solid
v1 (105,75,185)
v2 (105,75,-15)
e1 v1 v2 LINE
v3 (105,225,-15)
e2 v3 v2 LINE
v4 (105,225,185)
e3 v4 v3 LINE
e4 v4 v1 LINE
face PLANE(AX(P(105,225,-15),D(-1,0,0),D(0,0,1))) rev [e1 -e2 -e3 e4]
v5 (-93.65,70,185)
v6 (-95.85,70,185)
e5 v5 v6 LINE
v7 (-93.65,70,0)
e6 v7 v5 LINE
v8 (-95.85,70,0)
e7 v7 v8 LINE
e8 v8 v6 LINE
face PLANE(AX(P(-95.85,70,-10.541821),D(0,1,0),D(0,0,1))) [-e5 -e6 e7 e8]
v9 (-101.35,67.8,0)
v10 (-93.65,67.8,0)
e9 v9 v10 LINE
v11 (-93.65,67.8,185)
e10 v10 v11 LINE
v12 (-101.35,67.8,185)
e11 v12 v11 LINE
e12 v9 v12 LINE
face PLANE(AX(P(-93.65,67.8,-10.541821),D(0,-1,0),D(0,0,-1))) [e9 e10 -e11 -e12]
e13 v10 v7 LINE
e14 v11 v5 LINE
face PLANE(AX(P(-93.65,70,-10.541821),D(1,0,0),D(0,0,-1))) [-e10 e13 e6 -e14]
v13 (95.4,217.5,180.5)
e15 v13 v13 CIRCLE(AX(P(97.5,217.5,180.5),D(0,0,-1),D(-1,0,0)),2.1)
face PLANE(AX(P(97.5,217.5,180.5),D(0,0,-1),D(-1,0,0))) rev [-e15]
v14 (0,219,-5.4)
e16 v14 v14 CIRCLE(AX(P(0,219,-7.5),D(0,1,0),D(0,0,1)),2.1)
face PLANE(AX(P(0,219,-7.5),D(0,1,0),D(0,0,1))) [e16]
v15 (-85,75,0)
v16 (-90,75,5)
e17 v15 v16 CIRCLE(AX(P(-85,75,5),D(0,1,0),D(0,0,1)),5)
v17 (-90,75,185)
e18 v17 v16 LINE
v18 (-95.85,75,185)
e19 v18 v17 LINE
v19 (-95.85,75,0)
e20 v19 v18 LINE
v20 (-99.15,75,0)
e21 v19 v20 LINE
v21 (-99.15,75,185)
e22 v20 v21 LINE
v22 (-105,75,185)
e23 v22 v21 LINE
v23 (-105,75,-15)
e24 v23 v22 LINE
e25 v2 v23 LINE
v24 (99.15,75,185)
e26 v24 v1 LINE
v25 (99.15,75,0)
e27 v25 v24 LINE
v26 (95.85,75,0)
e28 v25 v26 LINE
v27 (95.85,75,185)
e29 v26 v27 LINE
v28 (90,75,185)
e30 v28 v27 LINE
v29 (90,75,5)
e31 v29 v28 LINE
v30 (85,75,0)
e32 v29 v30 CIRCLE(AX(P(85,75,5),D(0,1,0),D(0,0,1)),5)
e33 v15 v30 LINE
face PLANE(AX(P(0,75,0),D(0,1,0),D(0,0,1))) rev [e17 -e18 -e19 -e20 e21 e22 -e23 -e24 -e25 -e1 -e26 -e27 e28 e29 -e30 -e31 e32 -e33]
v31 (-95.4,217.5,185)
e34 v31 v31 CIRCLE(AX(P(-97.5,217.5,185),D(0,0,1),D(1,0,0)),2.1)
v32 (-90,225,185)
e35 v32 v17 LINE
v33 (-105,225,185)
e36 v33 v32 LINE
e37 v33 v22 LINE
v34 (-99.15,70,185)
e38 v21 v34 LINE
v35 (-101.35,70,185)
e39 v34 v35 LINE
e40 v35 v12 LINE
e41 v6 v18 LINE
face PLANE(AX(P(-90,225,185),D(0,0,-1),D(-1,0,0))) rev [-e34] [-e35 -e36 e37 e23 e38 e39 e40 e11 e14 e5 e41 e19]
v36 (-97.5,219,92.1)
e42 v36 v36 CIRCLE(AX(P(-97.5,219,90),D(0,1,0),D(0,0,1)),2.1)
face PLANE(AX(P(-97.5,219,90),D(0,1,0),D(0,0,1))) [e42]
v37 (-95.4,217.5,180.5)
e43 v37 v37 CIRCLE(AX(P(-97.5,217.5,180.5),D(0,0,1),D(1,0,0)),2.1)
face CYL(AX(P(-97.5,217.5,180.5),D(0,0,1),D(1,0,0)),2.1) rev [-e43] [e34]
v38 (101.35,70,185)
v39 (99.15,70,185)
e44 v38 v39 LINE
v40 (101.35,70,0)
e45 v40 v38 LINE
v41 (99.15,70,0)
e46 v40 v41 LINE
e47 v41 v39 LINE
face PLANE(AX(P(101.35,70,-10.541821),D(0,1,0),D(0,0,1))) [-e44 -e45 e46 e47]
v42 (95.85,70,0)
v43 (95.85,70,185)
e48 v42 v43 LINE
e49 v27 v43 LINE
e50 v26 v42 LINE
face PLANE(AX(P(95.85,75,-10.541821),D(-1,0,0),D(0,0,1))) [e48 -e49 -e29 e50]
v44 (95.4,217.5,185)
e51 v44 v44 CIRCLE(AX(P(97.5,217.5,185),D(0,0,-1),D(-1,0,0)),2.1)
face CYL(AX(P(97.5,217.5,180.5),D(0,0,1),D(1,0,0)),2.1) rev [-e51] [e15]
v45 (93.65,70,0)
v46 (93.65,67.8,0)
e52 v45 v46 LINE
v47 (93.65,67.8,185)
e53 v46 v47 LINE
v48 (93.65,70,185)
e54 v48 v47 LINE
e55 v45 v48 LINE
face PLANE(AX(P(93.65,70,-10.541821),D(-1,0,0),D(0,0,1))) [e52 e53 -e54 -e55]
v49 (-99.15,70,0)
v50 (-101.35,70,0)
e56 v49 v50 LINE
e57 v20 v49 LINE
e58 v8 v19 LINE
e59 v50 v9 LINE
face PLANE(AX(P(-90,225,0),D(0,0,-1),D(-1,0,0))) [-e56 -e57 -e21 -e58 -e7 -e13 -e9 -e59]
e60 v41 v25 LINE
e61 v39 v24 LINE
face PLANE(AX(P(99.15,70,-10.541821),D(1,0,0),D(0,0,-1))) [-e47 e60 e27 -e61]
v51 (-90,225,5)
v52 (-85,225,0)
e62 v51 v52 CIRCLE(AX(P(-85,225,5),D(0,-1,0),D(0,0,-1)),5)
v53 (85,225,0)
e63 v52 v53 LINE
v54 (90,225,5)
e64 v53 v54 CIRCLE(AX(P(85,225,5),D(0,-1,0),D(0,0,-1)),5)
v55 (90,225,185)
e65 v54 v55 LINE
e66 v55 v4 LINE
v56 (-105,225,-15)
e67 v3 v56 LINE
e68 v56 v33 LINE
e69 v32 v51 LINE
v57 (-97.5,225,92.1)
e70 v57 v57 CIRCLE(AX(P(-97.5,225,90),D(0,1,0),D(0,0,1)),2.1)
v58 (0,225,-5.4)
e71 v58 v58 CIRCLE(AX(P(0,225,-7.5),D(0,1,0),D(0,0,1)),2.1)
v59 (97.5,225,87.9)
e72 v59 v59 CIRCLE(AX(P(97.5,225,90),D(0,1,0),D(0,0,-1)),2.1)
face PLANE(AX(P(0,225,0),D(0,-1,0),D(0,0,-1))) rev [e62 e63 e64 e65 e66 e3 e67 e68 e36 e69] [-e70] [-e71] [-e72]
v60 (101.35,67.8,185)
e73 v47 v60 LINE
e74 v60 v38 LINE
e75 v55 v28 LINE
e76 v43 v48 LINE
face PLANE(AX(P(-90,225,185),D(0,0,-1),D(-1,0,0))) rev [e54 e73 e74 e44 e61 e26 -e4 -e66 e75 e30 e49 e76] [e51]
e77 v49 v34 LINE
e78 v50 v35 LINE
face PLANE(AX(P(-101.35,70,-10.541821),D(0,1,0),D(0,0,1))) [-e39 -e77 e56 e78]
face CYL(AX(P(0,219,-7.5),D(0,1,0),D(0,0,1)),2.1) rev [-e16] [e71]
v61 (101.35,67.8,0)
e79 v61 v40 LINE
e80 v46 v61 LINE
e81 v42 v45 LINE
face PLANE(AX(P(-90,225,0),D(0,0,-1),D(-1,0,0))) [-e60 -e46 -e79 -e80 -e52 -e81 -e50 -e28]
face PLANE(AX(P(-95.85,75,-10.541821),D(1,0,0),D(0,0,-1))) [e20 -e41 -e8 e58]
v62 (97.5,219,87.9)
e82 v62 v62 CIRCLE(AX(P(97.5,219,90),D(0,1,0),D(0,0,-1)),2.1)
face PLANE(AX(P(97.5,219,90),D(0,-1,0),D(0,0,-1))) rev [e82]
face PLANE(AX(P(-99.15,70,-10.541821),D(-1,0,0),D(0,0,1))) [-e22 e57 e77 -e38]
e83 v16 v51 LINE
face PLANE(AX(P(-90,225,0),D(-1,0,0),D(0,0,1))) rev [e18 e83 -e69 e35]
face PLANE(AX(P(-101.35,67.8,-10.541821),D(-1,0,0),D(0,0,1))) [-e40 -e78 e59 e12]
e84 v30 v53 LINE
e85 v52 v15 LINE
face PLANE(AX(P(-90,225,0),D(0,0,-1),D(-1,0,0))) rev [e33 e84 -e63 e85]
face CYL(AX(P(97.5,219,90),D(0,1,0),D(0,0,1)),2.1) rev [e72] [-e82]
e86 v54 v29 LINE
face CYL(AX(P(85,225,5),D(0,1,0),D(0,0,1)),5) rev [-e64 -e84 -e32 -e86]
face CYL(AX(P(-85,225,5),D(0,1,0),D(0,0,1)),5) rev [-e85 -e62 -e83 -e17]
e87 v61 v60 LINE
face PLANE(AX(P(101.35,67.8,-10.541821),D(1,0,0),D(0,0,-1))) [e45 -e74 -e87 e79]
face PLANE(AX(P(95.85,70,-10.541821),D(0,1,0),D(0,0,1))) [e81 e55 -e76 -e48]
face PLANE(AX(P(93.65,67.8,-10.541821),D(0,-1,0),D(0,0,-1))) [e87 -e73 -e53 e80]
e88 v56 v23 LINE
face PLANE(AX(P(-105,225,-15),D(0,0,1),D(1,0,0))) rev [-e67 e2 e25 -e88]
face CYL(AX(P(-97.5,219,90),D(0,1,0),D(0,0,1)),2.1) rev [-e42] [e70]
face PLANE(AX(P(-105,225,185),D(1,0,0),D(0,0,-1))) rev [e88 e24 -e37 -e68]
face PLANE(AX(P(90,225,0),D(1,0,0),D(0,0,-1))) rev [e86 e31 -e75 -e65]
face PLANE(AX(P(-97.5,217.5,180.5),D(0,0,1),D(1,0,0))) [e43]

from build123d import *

# Parameters (mm, degrees)
BOSS_EXTRUDE1_DEPTH = 225
BOSS_EXTRUDE2_DEPTH = 10
SKETCH6_W           = 210
SKETCH6_H           = 200
BOSS_EXTRUDE3_DEPTH = 15
SKETCH5_R           = 2.1
CUT_EXTRUDE1_DEPTH  = 4.5
SKETCH10_W          = 210
SKETCH10_H          = 200
BOSS_EXTRUDE4_DEPTH = 40
SKETCH11_R          = 5
BOSS_EXTRUDE5_DEPTH = 5
BOSS_EXTRUDE5_TAPER = 5
SKETCH13_W          = 185
SKETCH13_H          = 10
BOSS_EXTRUDE6_DEPTH = 47.5
SKETCH14_W          = 185
SKETCH14_H          = 10
BOSS_EXTRUDE7_DEPTH = 47.5
SKETCH7_W           = 21
SKETCH7_H           = 10.25
CUT_EXTRUDE2_DEPTH  = 15
SKETCH15_R          = 2.1
CUT_EXTRUDE4_DEPTH  = 6
BOSS_EXTRUDE8_DEPTH = 185
FILLET1_R           = 5


with BuildPart() as part:
    # Sketch2 → Boss-Extrude1 (new body)
    with BuildSketch(Plane(origin=(0, 0, 0), x_dir=(1, 0, 0), z_dir=(0, 1, 0))):
        Polygon((-90, 0), (90, 0), (90, -185), (105, -185), (105, 15), (-105, 15), (-105, -185), (-90, -185), align=None)
    extrude(amount=BOSS_EXTRUDE1_DEPTH)

    # Sketch3 → Boss-Extrude2 (add)
    with BuildSketch(Plane(origin=(0, 10, 0), x_dir=(1, 0, 0), z_dir=(0, 1, 0))):
        Polygon((-90, -185), (-22.5, -185), (-22.5, -10), (22.5, -10), (22.5, -185), (90, -185), (90, 0), (-90, 0), align=None)
    extrude(amount=BOSS_EXTRUDE2_DEPTH)

    # Sketch6 → Boss-Extrude3 (add)
    with BuildSketch(Plane.XZ):
        with Locations((0, 85)):
            Rectangle(SKETCH6_W, SKETCH6_H)
    extrude(amount=BOSS_EXTRUDE3_DEPTH)

    # Sketch5 → Cut-Extrude1 (cut)
    with BuildSketch(Plane.XY.offset(185)):
        with Locations((-97.5, 217.5)):
            Circle(SKETCH5_R)
        with Locations((97.5, 217.5)):
            Circle(SKETCH5_R)
        with Locations((-97.5, -7.5)):
            Circle(SKETCH5_R)
        with Locations((97.5, -7.5)):
            Circle(SKETCH5_R)
    extrude(amount=-CUT_EXTRUDE1_DEPTH, mode=Mode.SUBTRACT)

    # Sketch10 → Boss-Extrude4 (add)
    with BuildSketch(Plane.XZ.offset(15)):
        with Locations((0, 85)):
            Rectangle(SKETCH10_W, SKETCH10_H)
    extrude(amount=BOSS_EXTRUDE4_DEPTH)

    # Sketch11 → Boss-Extrude5 (add)
    with BuildSketch(Plane(origin=(0, 0, 0), x_dir=(1, 0, 0), z_dir=(0, 1, 0))):
        with Locations((0, -90)):
            Circle(SKETCH11_R)
    extrude(amount=BOSS_EXTRUDE5_DEPTH, taper=BOSS_EXTRUDE5_TAPER)

    # Sketch13 → Boss-Extrude6 (add)
    with BuildSketch(Plane.ZY.offset(-90)):
        with Locations((92.5, 5)):
            Rectangle(SKETCH13_W, SKETCH13_H)
    extrude(amount=BOSS_EXTRUDE6_DEPTH)

    # Sketch14 → Boss-Extrude7 (add)
    with BuildSketch(Plane(origin=(-90, 0, 0), x_dir=(0, 0, -1), z_dir=(1, 0, 0))):
        with Locations((-92.5, 5)):
            Rectangle(SKETCH14_W, SKETCH14_H)
    extrude(amount=BOSS_EXTRUDE7_DEPTH)

    # Sketch7 → Cut-Extrude2 (cut)
    with BuildSketch(Plane(origin=(0, 0, -15), x_dir=(-1, 0, 0), z_dir=(0, 0, -1))):
        with Locations((-32, 5.125)):
            Rectangle(SKETCH7_W, SKETCH7_H)
    extrude(amount=-CUT_EXTRUDE2_DEPTH, mode=Mode.SUBTRACT)

    # Sketch15 → Cut-Extrude4 (cut)
    with BuildSketch(Plane(origin=(0, 225, 0), x_dir=(1, 0, 0), z_dir=(0, 1, 0))):
        with Locations((0, 7.5)):
            Circle(SKETCH15_R)
        with Locations((-97.5, -90)):
            Circle(SKETCH15_R)
        with Locations((97.5, -90)):
            Circle(SKETCH15_R)
    extrude(amount=-CUT_EXTRUDE4_DEPTH, mode=Mode.SUBTRACT)

    # Split1
    split(bisect_by=Plane.ZX.offset(75), keep=Keep.TOP)

    # Sketch16 → Boss-Extrude8 (add)
    with BuildSketch(Plane.XY.offset(185)):
        Polygon((-99.15, 75), (-95.85, 75), (-95.85, 70), (-93.65, 70), (-93.65, 67.8), (-101.35, 67.8), (-101.35, 70), (-99.15, 70), align=None)
        Polygon((101.35, 70), (99.15, 70), (99.15, 75), (95.85, 75), (95.85, 70), (93.65, 70), (93.65, 67.8), (101.35, 67.8), align=None)
    extrude(amount=-BOSS_EXTRUDE8_DEPTH)

    # Fillet1
    fillet1_edges = [part.edges().sort_by_distance(p)[0] for p in [
        (90, 150, 0),
        (-90, 150, 0),
    ]]
    fillet(fillet1_edges, radius=FILLET1_R)


solid = part.part
